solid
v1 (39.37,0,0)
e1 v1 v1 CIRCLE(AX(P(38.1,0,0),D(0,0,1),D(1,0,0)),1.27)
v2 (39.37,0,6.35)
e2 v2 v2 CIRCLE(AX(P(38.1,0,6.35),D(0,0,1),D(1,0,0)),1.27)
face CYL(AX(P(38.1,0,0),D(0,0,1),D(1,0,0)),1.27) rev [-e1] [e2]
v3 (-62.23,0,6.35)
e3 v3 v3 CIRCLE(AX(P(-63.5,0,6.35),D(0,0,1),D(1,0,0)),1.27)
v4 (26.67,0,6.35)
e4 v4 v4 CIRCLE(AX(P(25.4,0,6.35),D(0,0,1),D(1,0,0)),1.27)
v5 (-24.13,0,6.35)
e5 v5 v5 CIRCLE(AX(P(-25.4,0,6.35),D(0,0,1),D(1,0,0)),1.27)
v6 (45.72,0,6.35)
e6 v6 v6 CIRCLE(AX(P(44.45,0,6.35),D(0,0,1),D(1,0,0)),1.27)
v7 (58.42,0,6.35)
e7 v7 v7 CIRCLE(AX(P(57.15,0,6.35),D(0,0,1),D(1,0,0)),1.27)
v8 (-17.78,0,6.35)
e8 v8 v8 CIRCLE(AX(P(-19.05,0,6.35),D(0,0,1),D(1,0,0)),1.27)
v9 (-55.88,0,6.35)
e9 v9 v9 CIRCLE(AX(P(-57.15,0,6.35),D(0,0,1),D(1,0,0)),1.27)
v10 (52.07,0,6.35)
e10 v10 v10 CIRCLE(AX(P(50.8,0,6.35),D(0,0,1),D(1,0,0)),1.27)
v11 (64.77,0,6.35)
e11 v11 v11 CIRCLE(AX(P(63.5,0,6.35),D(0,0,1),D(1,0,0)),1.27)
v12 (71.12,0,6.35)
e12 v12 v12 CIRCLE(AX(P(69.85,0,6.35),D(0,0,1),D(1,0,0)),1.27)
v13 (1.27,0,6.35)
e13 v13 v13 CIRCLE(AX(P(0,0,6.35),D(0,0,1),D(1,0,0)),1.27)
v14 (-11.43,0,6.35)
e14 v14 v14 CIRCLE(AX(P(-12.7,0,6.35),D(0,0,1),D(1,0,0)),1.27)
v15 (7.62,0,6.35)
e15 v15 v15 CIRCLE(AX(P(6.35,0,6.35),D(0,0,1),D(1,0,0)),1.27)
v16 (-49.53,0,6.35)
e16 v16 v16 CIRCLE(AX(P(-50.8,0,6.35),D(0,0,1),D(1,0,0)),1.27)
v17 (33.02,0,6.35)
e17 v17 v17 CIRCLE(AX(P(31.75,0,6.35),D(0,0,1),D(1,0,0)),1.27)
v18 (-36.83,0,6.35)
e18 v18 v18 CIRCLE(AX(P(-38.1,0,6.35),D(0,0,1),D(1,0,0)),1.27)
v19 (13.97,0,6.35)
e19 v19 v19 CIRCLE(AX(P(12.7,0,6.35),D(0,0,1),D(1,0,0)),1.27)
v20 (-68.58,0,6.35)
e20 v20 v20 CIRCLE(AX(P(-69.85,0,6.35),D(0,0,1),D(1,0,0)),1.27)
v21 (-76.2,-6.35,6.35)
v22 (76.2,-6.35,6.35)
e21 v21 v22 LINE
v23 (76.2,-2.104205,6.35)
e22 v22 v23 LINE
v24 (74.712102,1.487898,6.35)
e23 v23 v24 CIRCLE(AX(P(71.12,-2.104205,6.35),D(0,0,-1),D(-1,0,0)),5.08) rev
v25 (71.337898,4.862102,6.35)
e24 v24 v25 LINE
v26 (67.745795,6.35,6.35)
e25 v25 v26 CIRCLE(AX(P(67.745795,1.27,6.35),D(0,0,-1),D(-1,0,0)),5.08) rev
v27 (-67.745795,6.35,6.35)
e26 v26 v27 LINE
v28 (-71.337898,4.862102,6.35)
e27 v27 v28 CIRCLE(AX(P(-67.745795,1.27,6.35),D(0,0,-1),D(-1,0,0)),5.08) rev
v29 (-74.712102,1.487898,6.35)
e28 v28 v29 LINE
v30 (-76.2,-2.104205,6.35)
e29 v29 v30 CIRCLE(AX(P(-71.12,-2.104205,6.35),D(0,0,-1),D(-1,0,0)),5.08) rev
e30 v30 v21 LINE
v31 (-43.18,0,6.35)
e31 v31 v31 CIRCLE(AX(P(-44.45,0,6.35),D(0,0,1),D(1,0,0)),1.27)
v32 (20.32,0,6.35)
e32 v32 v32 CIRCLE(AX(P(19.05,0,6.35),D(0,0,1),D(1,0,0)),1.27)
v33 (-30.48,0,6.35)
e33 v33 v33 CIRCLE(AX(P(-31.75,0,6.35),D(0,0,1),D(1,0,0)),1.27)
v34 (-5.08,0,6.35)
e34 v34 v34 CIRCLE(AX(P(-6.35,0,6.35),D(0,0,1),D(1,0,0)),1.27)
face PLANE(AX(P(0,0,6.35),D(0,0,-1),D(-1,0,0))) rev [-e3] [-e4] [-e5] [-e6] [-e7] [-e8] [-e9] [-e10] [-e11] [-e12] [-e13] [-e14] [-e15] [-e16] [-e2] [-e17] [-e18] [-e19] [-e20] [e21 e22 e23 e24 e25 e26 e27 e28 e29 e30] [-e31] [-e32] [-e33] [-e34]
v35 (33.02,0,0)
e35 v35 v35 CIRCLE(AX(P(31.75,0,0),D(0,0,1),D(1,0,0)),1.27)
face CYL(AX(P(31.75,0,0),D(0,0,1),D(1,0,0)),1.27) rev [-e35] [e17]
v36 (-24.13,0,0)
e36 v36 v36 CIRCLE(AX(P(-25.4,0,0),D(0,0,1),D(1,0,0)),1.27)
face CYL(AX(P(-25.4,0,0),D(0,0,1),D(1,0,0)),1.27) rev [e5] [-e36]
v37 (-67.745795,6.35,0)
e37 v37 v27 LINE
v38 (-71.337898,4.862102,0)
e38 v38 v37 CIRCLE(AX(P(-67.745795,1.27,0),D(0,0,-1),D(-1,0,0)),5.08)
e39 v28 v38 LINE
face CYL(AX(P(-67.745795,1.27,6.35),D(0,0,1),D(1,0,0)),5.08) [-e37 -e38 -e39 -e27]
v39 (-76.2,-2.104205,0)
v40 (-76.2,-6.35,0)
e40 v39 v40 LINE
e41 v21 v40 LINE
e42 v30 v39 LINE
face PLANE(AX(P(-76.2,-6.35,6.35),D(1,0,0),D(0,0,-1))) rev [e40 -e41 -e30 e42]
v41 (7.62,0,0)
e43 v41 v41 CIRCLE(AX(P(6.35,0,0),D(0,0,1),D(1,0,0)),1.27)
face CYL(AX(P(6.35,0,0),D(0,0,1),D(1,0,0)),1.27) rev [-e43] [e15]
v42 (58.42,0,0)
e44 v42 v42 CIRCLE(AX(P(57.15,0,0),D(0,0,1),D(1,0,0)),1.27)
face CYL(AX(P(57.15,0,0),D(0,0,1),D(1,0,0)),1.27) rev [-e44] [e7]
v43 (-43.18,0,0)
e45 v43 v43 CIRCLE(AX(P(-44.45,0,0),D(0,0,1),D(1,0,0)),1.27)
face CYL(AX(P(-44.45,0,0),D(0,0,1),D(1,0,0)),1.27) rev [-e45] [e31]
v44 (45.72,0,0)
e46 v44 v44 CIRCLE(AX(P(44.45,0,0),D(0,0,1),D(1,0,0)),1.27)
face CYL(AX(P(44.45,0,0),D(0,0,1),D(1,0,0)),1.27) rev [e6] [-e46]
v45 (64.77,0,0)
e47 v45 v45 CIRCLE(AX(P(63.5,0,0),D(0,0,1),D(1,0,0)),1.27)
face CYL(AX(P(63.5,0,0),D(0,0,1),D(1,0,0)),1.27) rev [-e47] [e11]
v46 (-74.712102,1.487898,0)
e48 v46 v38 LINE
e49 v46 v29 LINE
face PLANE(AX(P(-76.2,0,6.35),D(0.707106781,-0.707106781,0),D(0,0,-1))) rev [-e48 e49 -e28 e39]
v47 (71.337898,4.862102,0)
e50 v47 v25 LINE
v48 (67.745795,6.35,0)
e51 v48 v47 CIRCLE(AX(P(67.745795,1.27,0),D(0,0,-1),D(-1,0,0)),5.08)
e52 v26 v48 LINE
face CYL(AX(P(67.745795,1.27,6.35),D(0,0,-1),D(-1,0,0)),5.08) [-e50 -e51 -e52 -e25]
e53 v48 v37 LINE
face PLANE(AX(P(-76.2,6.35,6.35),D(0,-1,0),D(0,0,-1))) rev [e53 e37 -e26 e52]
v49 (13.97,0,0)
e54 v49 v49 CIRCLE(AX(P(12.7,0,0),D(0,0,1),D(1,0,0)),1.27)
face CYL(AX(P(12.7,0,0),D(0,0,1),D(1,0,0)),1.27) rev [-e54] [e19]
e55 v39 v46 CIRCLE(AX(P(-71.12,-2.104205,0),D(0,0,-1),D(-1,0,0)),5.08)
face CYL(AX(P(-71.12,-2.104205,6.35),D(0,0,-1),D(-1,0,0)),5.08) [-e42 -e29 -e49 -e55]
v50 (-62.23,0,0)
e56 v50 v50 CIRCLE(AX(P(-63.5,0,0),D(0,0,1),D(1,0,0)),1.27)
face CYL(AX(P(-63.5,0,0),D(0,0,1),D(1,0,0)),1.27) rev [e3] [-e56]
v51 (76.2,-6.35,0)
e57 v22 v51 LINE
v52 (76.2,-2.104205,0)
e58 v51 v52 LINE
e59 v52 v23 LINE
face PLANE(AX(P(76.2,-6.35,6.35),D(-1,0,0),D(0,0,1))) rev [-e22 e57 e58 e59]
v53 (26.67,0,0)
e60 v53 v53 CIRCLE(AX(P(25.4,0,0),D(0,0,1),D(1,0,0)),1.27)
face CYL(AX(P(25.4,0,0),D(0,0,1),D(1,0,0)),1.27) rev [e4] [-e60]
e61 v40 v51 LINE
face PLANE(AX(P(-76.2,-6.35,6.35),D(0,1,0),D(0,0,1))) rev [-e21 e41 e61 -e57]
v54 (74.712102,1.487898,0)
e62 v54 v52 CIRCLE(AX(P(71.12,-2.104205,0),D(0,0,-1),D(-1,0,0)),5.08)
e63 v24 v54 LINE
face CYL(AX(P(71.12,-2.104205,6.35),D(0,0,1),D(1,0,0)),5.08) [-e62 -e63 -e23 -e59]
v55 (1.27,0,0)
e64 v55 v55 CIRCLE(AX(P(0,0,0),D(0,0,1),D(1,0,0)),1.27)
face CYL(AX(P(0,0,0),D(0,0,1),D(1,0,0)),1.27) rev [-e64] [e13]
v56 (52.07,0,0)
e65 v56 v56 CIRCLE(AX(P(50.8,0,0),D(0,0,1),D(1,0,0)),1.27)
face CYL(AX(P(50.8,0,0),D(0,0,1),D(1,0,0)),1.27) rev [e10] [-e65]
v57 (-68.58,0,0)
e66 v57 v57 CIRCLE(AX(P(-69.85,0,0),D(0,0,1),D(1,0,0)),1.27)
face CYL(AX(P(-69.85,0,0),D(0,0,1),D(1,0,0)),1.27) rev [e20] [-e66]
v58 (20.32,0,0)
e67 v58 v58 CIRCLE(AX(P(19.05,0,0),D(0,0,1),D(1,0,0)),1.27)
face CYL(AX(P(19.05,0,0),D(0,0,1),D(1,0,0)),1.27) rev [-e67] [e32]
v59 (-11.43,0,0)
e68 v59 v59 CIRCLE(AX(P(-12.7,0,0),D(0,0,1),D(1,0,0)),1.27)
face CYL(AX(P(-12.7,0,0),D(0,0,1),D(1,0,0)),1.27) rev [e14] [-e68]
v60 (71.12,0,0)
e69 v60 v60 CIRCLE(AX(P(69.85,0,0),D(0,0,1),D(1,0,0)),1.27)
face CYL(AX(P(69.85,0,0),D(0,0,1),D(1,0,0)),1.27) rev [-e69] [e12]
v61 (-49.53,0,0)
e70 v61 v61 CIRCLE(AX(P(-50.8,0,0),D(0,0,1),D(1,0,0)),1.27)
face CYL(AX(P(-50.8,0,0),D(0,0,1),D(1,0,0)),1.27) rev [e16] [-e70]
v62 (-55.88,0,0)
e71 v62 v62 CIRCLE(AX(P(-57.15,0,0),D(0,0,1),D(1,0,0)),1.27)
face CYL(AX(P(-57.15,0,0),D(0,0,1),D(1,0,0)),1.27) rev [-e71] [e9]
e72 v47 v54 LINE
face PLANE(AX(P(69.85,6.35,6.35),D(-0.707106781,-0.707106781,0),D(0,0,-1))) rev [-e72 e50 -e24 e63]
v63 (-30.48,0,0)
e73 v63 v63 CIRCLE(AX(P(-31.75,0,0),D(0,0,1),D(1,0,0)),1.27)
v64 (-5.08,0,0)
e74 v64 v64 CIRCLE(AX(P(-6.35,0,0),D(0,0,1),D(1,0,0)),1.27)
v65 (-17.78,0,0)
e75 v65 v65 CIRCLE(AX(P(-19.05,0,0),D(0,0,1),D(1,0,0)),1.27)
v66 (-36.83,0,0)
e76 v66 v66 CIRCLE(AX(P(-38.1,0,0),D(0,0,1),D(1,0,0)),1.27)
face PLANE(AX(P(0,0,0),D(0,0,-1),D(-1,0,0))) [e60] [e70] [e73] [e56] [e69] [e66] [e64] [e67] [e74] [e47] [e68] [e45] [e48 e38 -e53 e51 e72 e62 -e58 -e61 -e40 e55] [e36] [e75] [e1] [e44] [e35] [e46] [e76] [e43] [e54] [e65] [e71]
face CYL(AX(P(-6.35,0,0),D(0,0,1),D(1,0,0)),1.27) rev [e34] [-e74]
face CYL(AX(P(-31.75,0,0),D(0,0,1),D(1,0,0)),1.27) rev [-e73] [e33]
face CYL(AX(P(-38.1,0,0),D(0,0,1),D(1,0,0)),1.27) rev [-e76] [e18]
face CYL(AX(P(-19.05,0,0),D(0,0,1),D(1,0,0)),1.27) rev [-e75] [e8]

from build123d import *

# Parameters (mm, degrees)
SKETCH1_W           = 152.4
SKETCH1_H           = 12.7
BOSS_EXTRUDE1_DEPTH = 6.35
SKETCH2_R           = 1.27
CUT_EXTRUDE1_DEPTH  = 7.35
LPATTERN1_COUNT     = 12
LPATTERN1_PITCH     = 6.35
LPATTERN1_COL_COUNT = 12
LPATTERN1_COL_PITCH = 6.35
CHAMFER1_SIZE       = 6.35
FILLET1_R           = 5.08


with BuildPart() as part:
    # Sketch1 → Boss-Extrude1 (new body)
    with BuildSketch(Plane.XY):
        Rectangle(SKETCH1_W, SKETCH1_H)
    extrude(amount=BOSS_EXTRUDE1_DEPTH)

    # Sketch2 → Cut-Extrude1 (cut, through all)
    with BuildSketch(Plane.XY.offset(6.35)):
        Circle(SKETCH2_R)
    cut_extrude1 = extrude(amount=-CUT_EXTRUDE1_DEPTH, mode=Mode.SUBTRACT)

    # LPattern1: Cut-Extrude1 ×12
    with Locations(*[(i * LPATTERN1_PITCH, 0, 0) for i in range(1, LPATTERN1_COUNT)]):
        add(cut_extrude1, mode=Mode.SUBTRACT)

    # LPattern1 col: Cut-Extrude1 ×12
    with Locations(*[(-i * LPATTERN1_COL_PITCH, 0, 0) for i in range(1, LPATTERN1_COL_COUNT)]):
        add(cut_extrude1, mode=Mode.SUBTRACT)

    # Chamfer1
    chamfer1_edges = [part.edges().sort_by_distance(p)[0] for p in [
        (-76.2, 6.35, 3.175),
        (76.2, 6.35, 3.175),
    ]]
    chamfer(chamfer1_edges, length=CHAMFER1_SIZE)

    # Fillet1
    fillet1_edges = [part.edges().sort_by_distance(p)[0] for p in [
        (-69.85, 6.35, 3.175),
        (69.85, 6.35, 3.175),
        (76.2, 0, 3.175),
        (-76.2, 0, 3.175),
    ]]
    fillet(fillet1_edges, radius=FILLET1_R)


solid = part.part
